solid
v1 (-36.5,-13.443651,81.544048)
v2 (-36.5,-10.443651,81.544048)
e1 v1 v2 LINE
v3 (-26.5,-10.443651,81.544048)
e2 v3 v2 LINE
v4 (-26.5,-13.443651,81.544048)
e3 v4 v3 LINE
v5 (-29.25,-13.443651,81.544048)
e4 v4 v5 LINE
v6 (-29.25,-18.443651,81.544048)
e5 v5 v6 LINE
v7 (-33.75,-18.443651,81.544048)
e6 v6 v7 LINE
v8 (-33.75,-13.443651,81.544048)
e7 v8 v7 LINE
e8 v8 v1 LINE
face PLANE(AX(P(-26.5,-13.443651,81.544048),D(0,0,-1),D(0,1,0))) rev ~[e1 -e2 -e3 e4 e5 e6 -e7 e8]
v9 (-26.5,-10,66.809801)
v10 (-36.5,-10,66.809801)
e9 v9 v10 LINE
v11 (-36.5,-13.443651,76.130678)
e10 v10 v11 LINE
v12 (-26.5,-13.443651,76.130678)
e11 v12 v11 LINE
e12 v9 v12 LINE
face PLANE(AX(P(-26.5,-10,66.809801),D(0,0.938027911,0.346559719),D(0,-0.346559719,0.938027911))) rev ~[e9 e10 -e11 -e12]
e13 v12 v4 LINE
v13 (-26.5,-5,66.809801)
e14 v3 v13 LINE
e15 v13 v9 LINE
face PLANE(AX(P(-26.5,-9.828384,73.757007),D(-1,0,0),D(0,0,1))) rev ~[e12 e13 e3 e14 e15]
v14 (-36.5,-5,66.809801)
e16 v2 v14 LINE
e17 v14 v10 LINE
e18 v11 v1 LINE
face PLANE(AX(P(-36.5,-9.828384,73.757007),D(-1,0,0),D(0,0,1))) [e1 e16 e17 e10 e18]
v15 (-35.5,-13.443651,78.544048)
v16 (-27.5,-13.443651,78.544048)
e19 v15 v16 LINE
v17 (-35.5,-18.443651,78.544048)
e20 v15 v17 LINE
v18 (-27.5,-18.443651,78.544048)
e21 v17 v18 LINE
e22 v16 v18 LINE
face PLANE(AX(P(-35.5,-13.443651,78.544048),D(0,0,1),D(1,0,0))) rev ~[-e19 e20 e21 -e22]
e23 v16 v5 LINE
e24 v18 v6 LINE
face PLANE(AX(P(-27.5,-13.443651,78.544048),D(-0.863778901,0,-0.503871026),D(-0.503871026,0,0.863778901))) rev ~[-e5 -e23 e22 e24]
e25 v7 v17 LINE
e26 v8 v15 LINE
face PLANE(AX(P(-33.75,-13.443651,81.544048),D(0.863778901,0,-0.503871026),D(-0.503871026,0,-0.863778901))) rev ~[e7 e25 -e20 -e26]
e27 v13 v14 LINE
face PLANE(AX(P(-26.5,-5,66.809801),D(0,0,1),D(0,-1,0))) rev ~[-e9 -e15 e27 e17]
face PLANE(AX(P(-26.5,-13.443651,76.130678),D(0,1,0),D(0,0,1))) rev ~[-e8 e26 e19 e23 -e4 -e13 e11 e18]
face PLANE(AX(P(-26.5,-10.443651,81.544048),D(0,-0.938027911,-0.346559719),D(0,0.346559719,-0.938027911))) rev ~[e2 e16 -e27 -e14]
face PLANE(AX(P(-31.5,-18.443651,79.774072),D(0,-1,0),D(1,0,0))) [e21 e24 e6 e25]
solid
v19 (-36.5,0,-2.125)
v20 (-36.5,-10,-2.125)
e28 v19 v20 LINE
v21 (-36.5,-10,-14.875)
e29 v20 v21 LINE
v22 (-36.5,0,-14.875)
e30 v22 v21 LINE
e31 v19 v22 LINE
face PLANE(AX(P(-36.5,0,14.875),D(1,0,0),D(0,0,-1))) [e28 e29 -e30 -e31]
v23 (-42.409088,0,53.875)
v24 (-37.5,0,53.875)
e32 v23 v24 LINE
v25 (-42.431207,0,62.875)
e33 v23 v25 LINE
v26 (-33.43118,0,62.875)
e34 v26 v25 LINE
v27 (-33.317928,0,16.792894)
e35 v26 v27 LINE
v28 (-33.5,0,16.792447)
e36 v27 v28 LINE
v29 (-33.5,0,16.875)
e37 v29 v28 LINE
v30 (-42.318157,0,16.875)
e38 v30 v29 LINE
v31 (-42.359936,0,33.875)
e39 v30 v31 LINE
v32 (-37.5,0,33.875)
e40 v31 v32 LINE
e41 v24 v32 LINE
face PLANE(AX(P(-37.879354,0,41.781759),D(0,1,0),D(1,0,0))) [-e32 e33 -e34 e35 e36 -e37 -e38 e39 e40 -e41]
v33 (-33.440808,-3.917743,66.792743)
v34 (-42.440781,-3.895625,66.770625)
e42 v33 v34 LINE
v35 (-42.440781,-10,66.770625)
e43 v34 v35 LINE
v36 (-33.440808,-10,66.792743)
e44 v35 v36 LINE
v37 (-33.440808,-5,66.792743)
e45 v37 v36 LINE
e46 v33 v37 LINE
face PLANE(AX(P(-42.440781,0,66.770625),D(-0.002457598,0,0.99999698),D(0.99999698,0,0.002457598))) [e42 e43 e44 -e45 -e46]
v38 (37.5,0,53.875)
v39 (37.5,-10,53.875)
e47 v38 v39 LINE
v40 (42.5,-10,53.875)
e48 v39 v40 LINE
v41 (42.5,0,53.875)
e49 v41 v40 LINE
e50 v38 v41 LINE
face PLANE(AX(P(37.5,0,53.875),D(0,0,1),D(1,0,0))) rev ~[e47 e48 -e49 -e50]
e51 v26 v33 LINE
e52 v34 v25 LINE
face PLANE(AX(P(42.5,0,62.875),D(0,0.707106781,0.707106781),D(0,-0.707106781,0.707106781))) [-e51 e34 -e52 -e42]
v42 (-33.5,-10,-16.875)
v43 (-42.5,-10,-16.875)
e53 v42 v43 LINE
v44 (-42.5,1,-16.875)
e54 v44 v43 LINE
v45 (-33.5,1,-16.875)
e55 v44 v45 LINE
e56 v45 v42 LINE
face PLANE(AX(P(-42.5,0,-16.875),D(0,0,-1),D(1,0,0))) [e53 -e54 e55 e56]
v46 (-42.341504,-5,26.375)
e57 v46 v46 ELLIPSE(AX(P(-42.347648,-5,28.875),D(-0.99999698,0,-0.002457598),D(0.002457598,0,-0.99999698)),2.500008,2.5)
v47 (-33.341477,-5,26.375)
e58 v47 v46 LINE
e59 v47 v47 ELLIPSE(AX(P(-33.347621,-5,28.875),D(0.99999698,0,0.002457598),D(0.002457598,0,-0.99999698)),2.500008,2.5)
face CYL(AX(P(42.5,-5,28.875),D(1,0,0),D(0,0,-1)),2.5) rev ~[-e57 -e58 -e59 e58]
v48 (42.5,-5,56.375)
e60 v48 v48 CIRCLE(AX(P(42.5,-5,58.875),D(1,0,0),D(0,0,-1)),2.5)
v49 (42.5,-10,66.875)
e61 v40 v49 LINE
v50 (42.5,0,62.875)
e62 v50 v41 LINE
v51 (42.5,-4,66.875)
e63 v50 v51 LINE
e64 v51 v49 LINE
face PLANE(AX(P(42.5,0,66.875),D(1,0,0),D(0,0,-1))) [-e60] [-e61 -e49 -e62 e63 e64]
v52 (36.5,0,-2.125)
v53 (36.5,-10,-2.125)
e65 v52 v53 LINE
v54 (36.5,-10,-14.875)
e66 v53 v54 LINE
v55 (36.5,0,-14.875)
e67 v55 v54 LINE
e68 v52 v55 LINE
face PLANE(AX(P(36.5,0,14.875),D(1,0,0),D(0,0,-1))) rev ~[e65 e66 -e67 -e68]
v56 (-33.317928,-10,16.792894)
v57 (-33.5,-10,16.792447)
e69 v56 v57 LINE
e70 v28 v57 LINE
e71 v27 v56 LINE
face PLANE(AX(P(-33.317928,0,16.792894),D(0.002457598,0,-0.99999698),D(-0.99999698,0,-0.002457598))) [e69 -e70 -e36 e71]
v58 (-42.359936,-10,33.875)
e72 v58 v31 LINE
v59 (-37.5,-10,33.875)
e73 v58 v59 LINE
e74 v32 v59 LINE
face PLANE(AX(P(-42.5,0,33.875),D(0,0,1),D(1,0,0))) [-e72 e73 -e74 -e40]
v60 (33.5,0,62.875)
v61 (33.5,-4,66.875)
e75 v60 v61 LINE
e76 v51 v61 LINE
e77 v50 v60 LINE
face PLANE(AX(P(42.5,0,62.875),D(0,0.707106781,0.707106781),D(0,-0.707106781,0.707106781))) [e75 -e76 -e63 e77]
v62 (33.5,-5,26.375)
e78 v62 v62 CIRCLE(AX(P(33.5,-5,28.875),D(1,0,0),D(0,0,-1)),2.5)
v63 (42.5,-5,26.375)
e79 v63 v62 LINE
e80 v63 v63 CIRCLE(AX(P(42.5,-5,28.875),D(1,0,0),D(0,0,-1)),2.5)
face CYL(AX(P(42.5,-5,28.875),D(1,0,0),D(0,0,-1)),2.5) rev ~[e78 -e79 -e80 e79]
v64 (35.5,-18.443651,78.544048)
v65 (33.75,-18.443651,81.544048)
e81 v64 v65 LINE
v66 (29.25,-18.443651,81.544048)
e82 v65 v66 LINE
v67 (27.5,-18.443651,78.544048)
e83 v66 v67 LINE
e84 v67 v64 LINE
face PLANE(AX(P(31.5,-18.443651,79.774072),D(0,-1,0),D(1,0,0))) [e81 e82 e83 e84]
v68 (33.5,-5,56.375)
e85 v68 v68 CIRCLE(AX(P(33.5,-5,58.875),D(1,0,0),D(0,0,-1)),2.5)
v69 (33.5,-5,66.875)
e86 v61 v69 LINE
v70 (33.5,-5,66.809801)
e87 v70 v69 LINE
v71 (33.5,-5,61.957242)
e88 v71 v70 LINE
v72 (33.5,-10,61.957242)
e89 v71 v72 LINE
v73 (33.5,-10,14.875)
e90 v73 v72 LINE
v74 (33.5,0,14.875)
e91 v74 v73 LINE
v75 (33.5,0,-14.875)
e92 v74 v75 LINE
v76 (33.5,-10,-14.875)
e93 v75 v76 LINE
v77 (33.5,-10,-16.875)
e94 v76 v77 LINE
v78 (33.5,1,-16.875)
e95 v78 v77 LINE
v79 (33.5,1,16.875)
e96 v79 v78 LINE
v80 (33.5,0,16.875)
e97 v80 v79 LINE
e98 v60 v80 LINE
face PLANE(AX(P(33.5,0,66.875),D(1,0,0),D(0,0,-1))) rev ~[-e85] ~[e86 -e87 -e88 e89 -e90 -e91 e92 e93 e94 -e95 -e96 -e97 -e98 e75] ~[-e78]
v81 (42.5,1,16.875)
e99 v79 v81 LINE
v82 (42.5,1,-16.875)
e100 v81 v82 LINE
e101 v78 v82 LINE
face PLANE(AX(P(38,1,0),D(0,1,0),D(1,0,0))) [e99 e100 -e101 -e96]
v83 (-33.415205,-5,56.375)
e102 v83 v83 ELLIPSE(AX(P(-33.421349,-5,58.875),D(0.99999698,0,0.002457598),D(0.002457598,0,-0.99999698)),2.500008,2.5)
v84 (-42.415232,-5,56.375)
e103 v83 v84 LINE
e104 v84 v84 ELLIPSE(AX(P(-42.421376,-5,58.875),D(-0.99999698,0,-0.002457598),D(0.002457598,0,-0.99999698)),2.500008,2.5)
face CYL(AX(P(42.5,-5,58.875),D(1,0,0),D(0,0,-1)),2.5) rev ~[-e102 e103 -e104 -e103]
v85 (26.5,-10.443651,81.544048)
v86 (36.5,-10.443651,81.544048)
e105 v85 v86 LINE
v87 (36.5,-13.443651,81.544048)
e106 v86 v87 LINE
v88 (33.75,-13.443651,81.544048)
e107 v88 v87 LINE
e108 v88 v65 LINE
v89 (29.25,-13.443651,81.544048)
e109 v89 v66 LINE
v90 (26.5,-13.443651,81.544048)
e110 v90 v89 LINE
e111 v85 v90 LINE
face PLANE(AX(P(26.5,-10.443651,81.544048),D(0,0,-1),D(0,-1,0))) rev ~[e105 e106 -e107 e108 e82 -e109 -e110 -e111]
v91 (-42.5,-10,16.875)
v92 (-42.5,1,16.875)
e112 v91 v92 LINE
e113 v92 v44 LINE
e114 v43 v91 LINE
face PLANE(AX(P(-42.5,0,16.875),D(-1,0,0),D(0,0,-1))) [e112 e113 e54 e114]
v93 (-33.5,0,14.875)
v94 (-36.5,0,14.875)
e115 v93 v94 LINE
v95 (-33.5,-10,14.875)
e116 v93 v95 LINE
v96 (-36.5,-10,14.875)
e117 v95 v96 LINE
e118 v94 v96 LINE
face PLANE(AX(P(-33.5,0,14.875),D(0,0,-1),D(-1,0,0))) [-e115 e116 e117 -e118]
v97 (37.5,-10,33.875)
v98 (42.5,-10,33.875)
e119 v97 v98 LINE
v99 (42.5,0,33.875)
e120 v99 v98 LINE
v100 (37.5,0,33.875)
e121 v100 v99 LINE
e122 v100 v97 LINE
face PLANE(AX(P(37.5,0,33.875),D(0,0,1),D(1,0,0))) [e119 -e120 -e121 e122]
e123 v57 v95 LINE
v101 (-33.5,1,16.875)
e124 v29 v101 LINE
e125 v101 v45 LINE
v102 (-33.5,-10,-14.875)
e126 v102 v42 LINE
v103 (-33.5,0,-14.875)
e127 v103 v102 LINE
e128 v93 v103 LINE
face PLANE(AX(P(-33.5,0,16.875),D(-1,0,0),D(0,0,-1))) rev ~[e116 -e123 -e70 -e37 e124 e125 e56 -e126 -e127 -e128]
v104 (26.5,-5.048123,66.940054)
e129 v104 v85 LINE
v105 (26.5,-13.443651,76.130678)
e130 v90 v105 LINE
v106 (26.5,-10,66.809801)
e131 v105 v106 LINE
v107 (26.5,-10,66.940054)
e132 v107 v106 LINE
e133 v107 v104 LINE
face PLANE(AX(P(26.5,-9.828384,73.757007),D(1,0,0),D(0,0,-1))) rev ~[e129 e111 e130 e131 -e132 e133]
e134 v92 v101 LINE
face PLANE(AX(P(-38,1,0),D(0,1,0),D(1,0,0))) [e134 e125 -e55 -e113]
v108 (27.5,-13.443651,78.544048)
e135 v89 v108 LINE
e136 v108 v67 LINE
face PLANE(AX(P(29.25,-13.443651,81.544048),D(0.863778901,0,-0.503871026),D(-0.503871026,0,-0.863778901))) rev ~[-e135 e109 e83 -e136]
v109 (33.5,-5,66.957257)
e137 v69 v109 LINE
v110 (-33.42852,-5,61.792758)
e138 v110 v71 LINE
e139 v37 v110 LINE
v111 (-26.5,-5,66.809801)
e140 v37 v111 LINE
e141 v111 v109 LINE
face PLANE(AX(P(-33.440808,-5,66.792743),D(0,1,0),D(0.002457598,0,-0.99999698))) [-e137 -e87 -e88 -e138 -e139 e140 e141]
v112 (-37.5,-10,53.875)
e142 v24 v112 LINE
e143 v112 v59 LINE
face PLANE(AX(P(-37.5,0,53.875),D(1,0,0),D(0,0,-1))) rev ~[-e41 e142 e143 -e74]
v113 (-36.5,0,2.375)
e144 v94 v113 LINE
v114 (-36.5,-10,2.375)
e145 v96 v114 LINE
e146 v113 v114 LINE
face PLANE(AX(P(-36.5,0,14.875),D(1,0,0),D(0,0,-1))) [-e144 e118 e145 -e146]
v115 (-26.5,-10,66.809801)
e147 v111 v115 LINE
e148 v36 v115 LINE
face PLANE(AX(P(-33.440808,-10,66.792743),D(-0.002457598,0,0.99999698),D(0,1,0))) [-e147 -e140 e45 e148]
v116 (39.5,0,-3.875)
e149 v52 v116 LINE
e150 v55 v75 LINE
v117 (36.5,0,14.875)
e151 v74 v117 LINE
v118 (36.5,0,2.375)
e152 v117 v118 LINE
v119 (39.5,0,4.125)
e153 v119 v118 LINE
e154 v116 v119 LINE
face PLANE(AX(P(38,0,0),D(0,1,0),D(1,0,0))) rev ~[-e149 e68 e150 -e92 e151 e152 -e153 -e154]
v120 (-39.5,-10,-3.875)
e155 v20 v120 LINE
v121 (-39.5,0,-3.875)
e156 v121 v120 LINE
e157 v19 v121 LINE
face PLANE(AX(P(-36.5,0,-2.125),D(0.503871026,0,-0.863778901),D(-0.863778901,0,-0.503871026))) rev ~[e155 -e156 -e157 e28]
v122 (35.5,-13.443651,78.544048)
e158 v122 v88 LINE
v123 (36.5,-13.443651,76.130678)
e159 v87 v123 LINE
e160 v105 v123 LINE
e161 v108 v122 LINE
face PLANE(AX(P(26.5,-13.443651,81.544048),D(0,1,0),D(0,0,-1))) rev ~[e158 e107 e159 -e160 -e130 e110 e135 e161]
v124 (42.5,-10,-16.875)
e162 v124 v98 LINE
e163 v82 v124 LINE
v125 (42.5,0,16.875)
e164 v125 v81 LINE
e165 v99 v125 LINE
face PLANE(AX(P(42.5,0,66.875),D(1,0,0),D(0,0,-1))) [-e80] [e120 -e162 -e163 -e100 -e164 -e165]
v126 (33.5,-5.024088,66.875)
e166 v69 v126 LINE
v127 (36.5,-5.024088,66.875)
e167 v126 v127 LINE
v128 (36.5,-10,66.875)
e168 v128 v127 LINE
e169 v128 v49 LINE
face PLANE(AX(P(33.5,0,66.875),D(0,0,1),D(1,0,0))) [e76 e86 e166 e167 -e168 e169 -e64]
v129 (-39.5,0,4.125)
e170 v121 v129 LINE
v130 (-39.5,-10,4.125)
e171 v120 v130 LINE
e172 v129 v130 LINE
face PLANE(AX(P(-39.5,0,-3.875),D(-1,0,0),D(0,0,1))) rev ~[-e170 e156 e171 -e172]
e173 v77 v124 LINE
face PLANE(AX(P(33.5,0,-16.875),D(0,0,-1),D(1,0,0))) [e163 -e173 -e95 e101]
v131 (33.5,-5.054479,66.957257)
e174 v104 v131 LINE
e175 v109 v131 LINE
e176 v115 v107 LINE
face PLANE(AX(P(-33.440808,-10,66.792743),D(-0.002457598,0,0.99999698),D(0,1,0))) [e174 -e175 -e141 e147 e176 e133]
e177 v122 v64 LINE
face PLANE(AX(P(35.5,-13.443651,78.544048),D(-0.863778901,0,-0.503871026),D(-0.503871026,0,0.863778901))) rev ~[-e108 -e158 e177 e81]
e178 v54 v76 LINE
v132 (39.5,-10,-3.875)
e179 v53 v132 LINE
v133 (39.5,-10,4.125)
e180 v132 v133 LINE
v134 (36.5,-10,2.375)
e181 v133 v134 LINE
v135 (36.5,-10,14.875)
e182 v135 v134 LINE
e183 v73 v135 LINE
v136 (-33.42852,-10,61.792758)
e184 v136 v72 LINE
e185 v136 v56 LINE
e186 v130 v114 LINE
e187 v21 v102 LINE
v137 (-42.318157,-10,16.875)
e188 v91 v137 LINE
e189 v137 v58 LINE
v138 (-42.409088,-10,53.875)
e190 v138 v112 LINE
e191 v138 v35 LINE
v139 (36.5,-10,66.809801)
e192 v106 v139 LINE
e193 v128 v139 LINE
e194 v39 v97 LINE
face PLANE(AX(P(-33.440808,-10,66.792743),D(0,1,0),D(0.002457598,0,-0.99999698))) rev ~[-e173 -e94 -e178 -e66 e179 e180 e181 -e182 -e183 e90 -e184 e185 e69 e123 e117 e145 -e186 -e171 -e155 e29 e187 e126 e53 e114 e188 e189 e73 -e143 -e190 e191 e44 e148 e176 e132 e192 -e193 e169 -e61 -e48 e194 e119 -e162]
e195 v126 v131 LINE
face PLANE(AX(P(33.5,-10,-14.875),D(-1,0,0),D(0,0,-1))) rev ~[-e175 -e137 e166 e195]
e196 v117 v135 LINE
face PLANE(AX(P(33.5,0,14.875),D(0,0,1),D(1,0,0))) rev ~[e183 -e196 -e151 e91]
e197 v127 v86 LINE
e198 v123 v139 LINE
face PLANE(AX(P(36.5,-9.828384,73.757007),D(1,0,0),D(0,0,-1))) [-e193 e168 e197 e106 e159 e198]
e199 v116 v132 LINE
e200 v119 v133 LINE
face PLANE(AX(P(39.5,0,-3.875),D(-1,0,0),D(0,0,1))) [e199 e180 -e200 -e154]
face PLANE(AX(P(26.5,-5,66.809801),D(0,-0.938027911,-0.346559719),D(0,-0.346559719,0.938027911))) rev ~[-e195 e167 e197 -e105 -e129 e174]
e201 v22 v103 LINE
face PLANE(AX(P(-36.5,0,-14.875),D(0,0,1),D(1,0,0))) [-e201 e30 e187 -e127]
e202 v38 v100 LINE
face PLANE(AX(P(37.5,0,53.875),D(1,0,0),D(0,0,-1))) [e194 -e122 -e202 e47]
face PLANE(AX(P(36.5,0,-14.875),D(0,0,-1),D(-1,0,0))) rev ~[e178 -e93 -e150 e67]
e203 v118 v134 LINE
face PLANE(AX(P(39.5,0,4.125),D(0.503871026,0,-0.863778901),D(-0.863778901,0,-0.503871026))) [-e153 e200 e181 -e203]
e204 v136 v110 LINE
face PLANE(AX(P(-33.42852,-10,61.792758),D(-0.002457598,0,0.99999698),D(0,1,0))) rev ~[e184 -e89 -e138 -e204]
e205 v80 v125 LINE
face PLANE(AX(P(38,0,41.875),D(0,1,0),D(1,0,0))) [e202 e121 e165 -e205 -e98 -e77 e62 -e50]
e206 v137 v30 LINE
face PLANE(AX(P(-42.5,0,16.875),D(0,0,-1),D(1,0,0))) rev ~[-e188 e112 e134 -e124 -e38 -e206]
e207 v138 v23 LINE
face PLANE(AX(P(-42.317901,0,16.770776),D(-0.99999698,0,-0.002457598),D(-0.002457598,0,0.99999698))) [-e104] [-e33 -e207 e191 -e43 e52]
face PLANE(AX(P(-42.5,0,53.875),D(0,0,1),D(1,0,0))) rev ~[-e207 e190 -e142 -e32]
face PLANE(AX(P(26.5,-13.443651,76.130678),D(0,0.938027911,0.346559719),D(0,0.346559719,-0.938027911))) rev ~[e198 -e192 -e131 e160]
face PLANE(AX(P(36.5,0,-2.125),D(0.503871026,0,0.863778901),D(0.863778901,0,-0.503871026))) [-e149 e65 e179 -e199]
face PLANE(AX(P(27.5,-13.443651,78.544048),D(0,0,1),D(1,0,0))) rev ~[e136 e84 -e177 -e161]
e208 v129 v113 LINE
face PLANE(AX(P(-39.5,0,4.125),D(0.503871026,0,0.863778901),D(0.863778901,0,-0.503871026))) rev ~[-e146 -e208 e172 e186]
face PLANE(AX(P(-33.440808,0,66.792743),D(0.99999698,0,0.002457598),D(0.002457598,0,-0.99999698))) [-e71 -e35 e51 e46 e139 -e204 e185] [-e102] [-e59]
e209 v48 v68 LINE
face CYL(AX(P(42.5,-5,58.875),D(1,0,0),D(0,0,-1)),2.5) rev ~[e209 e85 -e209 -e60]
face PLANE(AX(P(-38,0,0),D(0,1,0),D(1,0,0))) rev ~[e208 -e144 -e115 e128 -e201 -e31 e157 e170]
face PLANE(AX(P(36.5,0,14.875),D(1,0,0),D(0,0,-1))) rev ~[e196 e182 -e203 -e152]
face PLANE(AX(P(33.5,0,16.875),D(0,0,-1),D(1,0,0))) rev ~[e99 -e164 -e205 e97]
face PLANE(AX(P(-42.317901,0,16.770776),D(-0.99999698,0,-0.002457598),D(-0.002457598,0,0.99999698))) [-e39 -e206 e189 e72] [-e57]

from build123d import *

# Parameters (mm, degrees)
EXTRUDE_3_DEPTH     = 10
EXTRUDE_3_2_DEPTH   = 10
CUT_EXTRUDE_1_DEPTH = 10
SKETCH_5_W          = 9
SKETCH_5_H          = 33.75
EXTRUDE_4_DEPTH     = 1
EXTRUDE_START       = -1
SKETCH_6_W          = 9
SKETCH_6_H          = 50
EXTRUDE_5_DEPTH     = 10
CUT_EXTRUDE_2_DEPTH = 109.615218202
EXTRUDE_6_REACH     = 103.613
SKETCH_8_W          = 5
SKETCH_8_H          = 5
EXTRUDE_7_DEPTH     = 10
EXTRUDE_START_2     = -10
EXTRUDE_8_DEPTH     = 10
EXTRUDE_9_DEPTH     = 5
SKETCH_12_W         = 5
SKETCH_12_H         = 20
CUT_EXTRUDE_3_DEPTH = 10
SKETCH_13_R         = 2.5
CUT_EXTRUDE_4_DEPTH = 120.224997159


with BuildPart() as part:
    # Эскиз3 → Бобышка-Вытянуть3 (new body)
    with BuildSketch(Plane(origin=(0, 0, 0), x_dir=(1, 0, 0), z_dir=(0, 1, 0))):
        Polygon((-33.5, 14.875), (-33.5, 16.875), (-42.5, 16.875), (-42.5, -16.875), (-33.5, -16.875), (-33.5, -14.875), (-36.5, -14.875), (-36.5, 14.875), align=None)
    extrude(amount=-EXTRUDE_3_DEPTH)


with BuildPart() as body_2:
    # Эскиз3 → Extrude 3 2 (new body)
    with BuildSketch(Plane(origin=(0, 0, 0), x_dir=(1, 0, 0), z_dir=(0, 1, 0))):
        Polygon((36.5, 14.875), (33.5, 14.875), (33.5, 16.875), (42.5, 16.875), (42.5, -16.875), (33.5, -16.875), (33.5, -14.875), (36.5, -14.875), align=None)
    extrude(amount=-EXTRUDE_3_2_DEPTH)


with BuildPart() as cut_extrude_1_tool:
    # Эскиз4 → Вырез-Вытянуть1 (new body)
    with BuildSketch(Plane(origin=(0, 0, 0), x_dir=(1, 0, 0), z_dir=(0, 1, 0))):
        Polygon((-36.5, 2.125), (-39.5, 3.875), (-39.5, -4.125), (-36.5, -2.375), align=None)
        Polygon((36.5, -2.375), (36.5, 2.125), (39.5, 3.875), (39.5, -4.125), align=None)
    extrude(amount=-CUT_EXTRUDE_1_DEPTH)


with BuildPart() as part_1:
    add(part.part)

    # Вырез-Вытянуть1: cut by cut_extrude_1_tool
    add(cut_extrude_1_tool.part, mode=Mode.SUBTRACT)



with BuildPart() as body_2_1:
    add(body_2.part)

    # Вырез-Вытянуть1: cut by cut_extrude_1_tool
    add(cut_extrude_1_tool.part, mode=Mode.SUBTRACT)


with BuildPart() as part_2:
    add(part_1.part)

    add(body_2_1.part)  # Бобышка-Вытянуть4 merges body 2
    # Эскиз5 → Бобышка-Вытянуть4 (add)
    with BuildSketch(Plane(origin=(0, 0, 0), x_dir=(1, 0, 0), z_dir=(0, 1, 0))):
        with Locations((-38, 0)):
            Rectangle(SKETCH_5_W, SKETCH_5_H)
        with Locations((38, 0)):
            Rectangle(SKETCH_5_W, SKETCH_5_H)
    extrude(amount=EXTRUDE_4_DEPTH)

    # Эскиз6 → Бобышка-Вытянуть5 (add)
    with BuildSketch(Plane(origin=(0, 1, 0), x_dir=(1, 0, 0), z_dir=(0, 1, 0)).offset(EXTRUDE_START)):
        Polygon((-42.440780706, -66.770624684), (-33.440807885, -66.792743069), (-33.317927971, -16.792894064), (-42.317900792, -16.770775679), align=None)
        with Locations((38, -41.875)):
            Rectangle(SKETCH_6_W, SKETCH_6_H)
    extrude(amount=-EXTRUDE_5_DEPTH)

    # Эскиз7 → Вырез-Вытянуть2 (cut, through all)
    with BuildSketch(Plane(origin=(42.5, 0, 0), x_dir=(0, 0, -1), z_dir=(1, 0, 0))):
        Polygon((-62.875, 0), (-66.875, -4), (-66.875, 0), align=None)
    extrude(amount=-CUT_EXTRUDE_2_DEPTH, mode=Mode.SUBTRACT)

    # Бобышка-Вытянуть6: up to this plane
    extrude_6_end = Plane(origin=(33.5, -10, -14.875), z_dir=(-1, 0, 0))
    # Эскиз8 → Бобышка-Вытянуть6 (add, up to the surface)
    with BuildSketch(Plane(origin=(-33.276456675, 0, -0.08178041), x_dir=(0.0024575982770184833, 0, -0.9999969801007945), z_dir=(0.9999969801007945, 0, 0.0024575982770184833)), mode=Mode.PRIVATE) as extrude_6_sk1:
        with Locations((-64.374725433, -7.5)):
            Rectangle(SKETCH_8_W, SKETCH_8_H)
    extrude_6_tool1 = split(extrude(extrude_6_sk1.sketch, amount=EXTRUDE_6_REACH, mode=Mode.PRIVATE), bisect_by=extrude_6_end, keep=Keep.BOTH, mode=Mode.PRIVATE)
    add(extrude_6_tool1.solids().sort_by_distance((-33.434664, -7.5, 64.292751))[0])

    # Эскиз10 → Бобышка-Вытянуть8 (add)
    with BuildSketch(Plane(origin=(36.5, 0, 0), x_dir=(0, 0, -1), z_dir=(1, 0, 0)).offset(EXTRUDE_START_2)):
        Polygon((-81.544047558, -10.443650814), (-81.544047558, -13.443650814), (-76.13067803, -13.443650814), (-66.809800838, -10), (-66.809800838, -5), align=None)
    extrude(amount=EXTRUDE_8_DEPTH)



with BuildPart() as body_2_2:
    # Эскиз9 → Бобышка-Вытянуть7 (new body)
    with BuildSketch(Plane(origin=(-26.5, 0, 0), x_dir=(0, 0, -1), z_dir=(1, 0, 0))):
        Polygon((-81.544047558, -13.443650814), (-81.544047558, -10.443650814), (-66.809800838, -5), (-66.809800838, -10), (-76.13067803, -13.443650814), align=None)
    extrude(amount=-EXTRUDE_7_DEPTH)


with BuildPart() as part_3:
    add(part_2.part)

    add(body_2_2.part)  # Бобышка-Вытянуть9 merges body 2 2
    # Эскиз11 → Бобышка-Вытянуть9 (add)
    with BuildSketch(Plane.XZ.offset(13.443650814)):
        Polygon((-33.75, 81.544047558), (-35.5, 78.544047558), (-27.5, 78.544047558), (-29.25, 81.544047558), align=None)
        Polygon((27.5, 78.544047558), (35.5, 78.544047558), (33.75, 81.544047558), (29.25, 81.544047558), align=None)
    extrude(amount=EXTRUDE_9_DEPTH)

    # Эскиз12 → Вырез-Вытянуть3 (cut)
    with BuildSketch(Plane(origin=(0, 0, 0), x_dir=(1, 0, 0), z_dir=(0, 1, 0))):
        with Locations((40, -43.875)):
            Rectangle(SKETCH_12_W, SKETCH_12_H)
        with Locations((-40, -43.875)):
            Rectangle(SKETCH_12_W, SKETCH_12_H)
    extrude(amount=-CUT_EXTRUDE_3_DEPTH, mode=Mode.SUBTRACT)

    # Эскиз13 → Вырез-Вытянуть4 (cut, through all)
    with BuildSketch(Plane(origin=(42.5, 0, 0), x_dir=(0, 0, -1), z_dir=(1, 0, 0))):
        with Locations((-58.875, -5)):
            Circle(SKETCH_13_R)
        with Locations((-28.875, -5)):
            Circle(SKETCH_13_R)
    extrude(amount=-CUT_EXTRUDE_4_DEPTH, mode=Mode.SUBTRACT)


solid = part_3.part
